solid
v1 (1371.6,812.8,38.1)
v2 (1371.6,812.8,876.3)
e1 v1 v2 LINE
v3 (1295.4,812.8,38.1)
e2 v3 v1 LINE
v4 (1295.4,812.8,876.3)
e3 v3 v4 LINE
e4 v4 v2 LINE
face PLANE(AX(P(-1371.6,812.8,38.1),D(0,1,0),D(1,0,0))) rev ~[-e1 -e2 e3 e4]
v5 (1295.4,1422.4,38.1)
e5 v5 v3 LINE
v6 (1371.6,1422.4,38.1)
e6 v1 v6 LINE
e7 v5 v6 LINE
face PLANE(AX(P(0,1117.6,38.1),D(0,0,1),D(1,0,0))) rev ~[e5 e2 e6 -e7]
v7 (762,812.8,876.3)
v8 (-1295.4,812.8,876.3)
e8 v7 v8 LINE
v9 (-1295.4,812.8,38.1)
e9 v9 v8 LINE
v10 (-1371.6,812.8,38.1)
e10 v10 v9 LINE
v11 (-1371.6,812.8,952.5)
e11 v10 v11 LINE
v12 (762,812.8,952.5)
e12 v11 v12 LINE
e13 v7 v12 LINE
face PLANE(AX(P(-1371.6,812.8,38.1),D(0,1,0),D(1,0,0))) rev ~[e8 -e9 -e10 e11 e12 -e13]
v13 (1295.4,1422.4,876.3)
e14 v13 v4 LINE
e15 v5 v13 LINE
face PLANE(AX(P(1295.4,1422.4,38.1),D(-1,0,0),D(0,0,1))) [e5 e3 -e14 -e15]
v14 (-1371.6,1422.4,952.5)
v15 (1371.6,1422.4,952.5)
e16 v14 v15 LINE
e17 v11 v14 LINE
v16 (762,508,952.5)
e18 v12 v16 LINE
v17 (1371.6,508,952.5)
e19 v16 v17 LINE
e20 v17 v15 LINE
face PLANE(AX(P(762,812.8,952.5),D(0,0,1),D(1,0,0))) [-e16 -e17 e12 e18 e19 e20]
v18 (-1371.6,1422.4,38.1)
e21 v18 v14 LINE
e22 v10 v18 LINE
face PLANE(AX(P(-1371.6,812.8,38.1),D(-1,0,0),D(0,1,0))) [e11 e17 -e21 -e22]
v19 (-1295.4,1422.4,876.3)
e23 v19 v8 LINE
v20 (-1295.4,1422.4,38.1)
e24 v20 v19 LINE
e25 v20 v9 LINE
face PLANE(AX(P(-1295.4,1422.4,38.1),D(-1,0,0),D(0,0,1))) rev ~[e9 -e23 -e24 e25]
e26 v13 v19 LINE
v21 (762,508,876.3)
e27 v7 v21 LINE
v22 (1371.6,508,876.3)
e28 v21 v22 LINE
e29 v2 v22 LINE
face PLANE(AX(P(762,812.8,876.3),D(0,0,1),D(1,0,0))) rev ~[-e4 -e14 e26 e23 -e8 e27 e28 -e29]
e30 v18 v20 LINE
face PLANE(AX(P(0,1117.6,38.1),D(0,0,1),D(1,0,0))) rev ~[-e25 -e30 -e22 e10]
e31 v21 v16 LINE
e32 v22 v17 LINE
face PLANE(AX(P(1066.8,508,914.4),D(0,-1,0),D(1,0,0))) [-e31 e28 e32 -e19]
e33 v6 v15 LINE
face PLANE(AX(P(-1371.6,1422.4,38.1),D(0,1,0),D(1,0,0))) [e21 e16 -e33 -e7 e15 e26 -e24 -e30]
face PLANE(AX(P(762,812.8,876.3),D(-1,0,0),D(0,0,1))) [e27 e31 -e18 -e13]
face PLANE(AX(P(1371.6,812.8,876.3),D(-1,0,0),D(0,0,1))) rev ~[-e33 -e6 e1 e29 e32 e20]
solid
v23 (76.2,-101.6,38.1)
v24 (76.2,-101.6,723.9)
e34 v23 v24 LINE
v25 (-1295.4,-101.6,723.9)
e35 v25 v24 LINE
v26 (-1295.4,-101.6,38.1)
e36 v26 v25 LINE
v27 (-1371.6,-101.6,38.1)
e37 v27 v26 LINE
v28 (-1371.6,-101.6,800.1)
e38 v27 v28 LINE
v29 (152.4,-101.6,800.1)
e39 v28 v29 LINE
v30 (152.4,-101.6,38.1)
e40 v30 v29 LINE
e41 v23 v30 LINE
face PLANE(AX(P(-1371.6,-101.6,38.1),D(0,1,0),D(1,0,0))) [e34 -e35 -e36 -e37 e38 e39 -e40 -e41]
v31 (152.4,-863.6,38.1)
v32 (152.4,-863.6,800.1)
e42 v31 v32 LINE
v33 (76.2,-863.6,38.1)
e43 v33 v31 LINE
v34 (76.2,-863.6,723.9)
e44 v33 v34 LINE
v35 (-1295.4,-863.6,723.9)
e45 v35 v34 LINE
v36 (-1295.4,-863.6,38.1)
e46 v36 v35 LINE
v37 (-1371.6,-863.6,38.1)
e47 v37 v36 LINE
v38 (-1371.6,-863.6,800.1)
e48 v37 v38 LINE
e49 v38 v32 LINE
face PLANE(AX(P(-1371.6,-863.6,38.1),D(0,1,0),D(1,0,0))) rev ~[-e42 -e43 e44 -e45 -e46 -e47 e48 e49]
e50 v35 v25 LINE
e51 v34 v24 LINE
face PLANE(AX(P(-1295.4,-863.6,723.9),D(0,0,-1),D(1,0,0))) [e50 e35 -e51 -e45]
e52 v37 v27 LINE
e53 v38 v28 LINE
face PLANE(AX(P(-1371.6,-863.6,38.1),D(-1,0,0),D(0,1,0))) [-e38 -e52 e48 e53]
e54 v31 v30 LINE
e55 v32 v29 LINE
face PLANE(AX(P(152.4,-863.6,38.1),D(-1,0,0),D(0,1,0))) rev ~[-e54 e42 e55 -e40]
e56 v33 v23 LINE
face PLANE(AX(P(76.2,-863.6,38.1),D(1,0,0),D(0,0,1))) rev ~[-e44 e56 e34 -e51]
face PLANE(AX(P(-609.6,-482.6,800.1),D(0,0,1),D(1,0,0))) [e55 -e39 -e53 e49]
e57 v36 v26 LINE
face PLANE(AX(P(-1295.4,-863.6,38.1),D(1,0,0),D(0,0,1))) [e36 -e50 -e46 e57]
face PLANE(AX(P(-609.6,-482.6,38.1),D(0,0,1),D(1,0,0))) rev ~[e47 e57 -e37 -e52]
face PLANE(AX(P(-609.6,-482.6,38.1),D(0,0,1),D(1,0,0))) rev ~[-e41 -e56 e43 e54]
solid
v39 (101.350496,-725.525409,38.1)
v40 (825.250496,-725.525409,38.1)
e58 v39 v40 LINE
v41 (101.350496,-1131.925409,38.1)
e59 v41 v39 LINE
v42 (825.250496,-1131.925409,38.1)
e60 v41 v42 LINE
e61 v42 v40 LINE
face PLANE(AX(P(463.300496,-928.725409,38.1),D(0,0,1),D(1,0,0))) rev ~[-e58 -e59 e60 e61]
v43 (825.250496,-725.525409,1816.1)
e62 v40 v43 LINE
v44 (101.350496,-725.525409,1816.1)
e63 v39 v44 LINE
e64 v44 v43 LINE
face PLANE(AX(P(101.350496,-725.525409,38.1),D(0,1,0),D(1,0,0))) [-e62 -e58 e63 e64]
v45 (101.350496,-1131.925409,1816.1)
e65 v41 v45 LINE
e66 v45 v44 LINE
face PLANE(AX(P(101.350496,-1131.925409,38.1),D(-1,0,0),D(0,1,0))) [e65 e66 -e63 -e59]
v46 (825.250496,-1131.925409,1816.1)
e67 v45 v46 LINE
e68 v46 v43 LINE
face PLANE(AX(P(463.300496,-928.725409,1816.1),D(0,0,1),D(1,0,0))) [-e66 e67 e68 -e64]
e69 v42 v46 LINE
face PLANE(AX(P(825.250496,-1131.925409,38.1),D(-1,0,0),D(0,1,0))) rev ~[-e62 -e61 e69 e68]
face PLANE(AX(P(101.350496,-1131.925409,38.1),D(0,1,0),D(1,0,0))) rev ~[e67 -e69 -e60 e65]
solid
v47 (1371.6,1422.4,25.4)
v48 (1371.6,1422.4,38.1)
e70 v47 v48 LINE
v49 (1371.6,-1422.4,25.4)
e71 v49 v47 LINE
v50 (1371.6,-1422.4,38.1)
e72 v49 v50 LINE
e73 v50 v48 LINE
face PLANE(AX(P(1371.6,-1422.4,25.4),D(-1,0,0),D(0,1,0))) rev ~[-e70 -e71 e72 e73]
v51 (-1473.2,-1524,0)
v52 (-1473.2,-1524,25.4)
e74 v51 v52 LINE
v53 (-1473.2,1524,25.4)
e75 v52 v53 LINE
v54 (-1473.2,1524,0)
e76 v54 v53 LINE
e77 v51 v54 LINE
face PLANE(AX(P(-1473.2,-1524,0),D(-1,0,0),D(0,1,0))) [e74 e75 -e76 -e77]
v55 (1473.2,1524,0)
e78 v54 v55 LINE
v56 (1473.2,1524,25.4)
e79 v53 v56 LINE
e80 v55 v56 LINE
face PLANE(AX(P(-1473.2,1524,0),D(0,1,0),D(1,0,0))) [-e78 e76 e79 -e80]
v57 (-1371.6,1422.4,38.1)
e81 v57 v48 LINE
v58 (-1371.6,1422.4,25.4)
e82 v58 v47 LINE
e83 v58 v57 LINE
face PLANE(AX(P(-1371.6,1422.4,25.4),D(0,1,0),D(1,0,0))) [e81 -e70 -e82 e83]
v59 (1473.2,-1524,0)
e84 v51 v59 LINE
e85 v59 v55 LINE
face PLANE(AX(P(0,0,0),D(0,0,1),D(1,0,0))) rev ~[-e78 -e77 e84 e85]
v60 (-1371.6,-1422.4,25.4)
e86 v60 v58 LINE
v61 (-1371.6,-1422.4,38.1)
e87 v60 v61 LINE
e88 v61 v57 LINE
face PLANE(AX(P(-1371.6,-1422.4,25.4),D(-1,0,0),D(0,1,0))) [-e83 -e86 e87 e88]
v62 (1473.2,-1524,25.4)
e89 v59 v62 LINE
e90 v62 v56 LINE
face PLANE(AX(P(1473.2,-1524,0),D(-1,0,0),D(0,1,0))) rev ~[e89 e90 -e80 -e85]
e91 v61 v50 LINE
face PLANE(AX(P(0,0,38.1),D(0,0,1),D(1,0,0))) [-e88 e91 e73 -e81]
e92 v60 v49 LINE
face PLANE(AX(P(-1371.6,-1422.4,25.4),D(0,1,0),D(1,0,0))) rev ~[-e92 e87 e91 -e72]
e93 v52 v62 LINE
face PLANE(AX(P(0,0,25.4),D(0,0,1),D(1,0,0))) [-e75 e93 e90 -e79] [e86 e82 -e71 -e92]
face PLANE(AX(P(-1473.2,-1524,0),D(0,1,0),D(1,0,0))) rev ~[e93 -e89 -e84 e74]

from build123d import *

# Parameters (mm, degrees)
F0_W      = 2946.4
F0_H      = 3048
F1_DEPTH  = 25.4
F2_W      = 2743.2
F2_H      = 2844.8
F3_DEPTH  = 12.7
F4_W      = 1524
F4_H      = 762
F5_DEPTH  = 762
F6_W      = 1371.6
F6_H      = 685.8
F7_DEPTH  = 762
F8_W      = 2743.2
F8_H      = 609.6
F9_DEPTH  = 914.4
F10_W     = 2590.8
F10_H     = 838.2
F11_DEPTH = 609.6
F12_W     = 723.9
F12_H     = 406.4
F13_DEPTH = 1778
F14_W     = 609.6
F14_H     = 76.2
F15_DEPTH = 304.8


with BuildPart() as f1:
    # F0 (on Top) → F1 (new body)
    with BuildSketch(Plane.XY):
        Rectangle(F0_W, F0_H)
    extrude(amount=F1_DEPTH)

    # F2 (on face) → F3 (join)
    with BuildSketch(Plane.XY.offset(25.4)):
        Rectangle(F2_W, F2_H)
    extrude(amount=F3_DEPTH)


with BuildPart() as f5:
    # F4 (on face) → F5 (new body)
    with BuildSketch(Plane.XY.offset(38.1)):
        with Locations((-609.6, -482.6)):
            Rectangle(F4_W, F4_H)
    extrude(amount=F5_DEPTH)

    # F6 (on face) → F7 (cut, through all)
    with BuildSketch(Plane.XZ.offset(863.6)):
        with Locations((-609.6, 381)):
            Rectangle(F6_W, F6_H)
    extrude(amount=-F7_DEPTH, mode=Mode.SUBTRACT)


with BuildPart() as f9:
    # F8 (on face) → F9 (new body)
    with BuildSketch(Plane.XY.offset(38.1)):
        with Locations((0, 1117.6)):
            Rectangle(F8_W, F8_H)
    extrude(amount=F9_DEPTH)

    # F10 (on face) → F11 (cut, through all)
    with BuildSketch(Plane(origin=(0, 1422.4, 0), x_dir=(-1, 0, 0), z_dir=(0, 1, 0))):
        with Locations((0, 457.2)):
            Rectangle(F10_W, F10_H)
    extrude(amount=-F11_DEPTH, mode=Mode.SUBTRACT)

    # F14 (on face) → F15 (join)
    with BuildSketch(Plane.XZ.offset(-812.8)):
        with Locations((1066.8, 914.4)):
            Rectangle(F14_W, F14_H)
    extrude(amount=F15_DEPTH)


with BuildPart() as f13:
    # F12 (on face) → F13 (new body)
    with BuildSketch(Plane.XY.offset(38.1)):
        with Locations((463.300496, -928.725409)):
            Rectangle(F12_W, F12_H)
    extrude(amount=F13_DEPTH)


solid = Compound([f1.part, f5.part, f9.part, f13.part])
